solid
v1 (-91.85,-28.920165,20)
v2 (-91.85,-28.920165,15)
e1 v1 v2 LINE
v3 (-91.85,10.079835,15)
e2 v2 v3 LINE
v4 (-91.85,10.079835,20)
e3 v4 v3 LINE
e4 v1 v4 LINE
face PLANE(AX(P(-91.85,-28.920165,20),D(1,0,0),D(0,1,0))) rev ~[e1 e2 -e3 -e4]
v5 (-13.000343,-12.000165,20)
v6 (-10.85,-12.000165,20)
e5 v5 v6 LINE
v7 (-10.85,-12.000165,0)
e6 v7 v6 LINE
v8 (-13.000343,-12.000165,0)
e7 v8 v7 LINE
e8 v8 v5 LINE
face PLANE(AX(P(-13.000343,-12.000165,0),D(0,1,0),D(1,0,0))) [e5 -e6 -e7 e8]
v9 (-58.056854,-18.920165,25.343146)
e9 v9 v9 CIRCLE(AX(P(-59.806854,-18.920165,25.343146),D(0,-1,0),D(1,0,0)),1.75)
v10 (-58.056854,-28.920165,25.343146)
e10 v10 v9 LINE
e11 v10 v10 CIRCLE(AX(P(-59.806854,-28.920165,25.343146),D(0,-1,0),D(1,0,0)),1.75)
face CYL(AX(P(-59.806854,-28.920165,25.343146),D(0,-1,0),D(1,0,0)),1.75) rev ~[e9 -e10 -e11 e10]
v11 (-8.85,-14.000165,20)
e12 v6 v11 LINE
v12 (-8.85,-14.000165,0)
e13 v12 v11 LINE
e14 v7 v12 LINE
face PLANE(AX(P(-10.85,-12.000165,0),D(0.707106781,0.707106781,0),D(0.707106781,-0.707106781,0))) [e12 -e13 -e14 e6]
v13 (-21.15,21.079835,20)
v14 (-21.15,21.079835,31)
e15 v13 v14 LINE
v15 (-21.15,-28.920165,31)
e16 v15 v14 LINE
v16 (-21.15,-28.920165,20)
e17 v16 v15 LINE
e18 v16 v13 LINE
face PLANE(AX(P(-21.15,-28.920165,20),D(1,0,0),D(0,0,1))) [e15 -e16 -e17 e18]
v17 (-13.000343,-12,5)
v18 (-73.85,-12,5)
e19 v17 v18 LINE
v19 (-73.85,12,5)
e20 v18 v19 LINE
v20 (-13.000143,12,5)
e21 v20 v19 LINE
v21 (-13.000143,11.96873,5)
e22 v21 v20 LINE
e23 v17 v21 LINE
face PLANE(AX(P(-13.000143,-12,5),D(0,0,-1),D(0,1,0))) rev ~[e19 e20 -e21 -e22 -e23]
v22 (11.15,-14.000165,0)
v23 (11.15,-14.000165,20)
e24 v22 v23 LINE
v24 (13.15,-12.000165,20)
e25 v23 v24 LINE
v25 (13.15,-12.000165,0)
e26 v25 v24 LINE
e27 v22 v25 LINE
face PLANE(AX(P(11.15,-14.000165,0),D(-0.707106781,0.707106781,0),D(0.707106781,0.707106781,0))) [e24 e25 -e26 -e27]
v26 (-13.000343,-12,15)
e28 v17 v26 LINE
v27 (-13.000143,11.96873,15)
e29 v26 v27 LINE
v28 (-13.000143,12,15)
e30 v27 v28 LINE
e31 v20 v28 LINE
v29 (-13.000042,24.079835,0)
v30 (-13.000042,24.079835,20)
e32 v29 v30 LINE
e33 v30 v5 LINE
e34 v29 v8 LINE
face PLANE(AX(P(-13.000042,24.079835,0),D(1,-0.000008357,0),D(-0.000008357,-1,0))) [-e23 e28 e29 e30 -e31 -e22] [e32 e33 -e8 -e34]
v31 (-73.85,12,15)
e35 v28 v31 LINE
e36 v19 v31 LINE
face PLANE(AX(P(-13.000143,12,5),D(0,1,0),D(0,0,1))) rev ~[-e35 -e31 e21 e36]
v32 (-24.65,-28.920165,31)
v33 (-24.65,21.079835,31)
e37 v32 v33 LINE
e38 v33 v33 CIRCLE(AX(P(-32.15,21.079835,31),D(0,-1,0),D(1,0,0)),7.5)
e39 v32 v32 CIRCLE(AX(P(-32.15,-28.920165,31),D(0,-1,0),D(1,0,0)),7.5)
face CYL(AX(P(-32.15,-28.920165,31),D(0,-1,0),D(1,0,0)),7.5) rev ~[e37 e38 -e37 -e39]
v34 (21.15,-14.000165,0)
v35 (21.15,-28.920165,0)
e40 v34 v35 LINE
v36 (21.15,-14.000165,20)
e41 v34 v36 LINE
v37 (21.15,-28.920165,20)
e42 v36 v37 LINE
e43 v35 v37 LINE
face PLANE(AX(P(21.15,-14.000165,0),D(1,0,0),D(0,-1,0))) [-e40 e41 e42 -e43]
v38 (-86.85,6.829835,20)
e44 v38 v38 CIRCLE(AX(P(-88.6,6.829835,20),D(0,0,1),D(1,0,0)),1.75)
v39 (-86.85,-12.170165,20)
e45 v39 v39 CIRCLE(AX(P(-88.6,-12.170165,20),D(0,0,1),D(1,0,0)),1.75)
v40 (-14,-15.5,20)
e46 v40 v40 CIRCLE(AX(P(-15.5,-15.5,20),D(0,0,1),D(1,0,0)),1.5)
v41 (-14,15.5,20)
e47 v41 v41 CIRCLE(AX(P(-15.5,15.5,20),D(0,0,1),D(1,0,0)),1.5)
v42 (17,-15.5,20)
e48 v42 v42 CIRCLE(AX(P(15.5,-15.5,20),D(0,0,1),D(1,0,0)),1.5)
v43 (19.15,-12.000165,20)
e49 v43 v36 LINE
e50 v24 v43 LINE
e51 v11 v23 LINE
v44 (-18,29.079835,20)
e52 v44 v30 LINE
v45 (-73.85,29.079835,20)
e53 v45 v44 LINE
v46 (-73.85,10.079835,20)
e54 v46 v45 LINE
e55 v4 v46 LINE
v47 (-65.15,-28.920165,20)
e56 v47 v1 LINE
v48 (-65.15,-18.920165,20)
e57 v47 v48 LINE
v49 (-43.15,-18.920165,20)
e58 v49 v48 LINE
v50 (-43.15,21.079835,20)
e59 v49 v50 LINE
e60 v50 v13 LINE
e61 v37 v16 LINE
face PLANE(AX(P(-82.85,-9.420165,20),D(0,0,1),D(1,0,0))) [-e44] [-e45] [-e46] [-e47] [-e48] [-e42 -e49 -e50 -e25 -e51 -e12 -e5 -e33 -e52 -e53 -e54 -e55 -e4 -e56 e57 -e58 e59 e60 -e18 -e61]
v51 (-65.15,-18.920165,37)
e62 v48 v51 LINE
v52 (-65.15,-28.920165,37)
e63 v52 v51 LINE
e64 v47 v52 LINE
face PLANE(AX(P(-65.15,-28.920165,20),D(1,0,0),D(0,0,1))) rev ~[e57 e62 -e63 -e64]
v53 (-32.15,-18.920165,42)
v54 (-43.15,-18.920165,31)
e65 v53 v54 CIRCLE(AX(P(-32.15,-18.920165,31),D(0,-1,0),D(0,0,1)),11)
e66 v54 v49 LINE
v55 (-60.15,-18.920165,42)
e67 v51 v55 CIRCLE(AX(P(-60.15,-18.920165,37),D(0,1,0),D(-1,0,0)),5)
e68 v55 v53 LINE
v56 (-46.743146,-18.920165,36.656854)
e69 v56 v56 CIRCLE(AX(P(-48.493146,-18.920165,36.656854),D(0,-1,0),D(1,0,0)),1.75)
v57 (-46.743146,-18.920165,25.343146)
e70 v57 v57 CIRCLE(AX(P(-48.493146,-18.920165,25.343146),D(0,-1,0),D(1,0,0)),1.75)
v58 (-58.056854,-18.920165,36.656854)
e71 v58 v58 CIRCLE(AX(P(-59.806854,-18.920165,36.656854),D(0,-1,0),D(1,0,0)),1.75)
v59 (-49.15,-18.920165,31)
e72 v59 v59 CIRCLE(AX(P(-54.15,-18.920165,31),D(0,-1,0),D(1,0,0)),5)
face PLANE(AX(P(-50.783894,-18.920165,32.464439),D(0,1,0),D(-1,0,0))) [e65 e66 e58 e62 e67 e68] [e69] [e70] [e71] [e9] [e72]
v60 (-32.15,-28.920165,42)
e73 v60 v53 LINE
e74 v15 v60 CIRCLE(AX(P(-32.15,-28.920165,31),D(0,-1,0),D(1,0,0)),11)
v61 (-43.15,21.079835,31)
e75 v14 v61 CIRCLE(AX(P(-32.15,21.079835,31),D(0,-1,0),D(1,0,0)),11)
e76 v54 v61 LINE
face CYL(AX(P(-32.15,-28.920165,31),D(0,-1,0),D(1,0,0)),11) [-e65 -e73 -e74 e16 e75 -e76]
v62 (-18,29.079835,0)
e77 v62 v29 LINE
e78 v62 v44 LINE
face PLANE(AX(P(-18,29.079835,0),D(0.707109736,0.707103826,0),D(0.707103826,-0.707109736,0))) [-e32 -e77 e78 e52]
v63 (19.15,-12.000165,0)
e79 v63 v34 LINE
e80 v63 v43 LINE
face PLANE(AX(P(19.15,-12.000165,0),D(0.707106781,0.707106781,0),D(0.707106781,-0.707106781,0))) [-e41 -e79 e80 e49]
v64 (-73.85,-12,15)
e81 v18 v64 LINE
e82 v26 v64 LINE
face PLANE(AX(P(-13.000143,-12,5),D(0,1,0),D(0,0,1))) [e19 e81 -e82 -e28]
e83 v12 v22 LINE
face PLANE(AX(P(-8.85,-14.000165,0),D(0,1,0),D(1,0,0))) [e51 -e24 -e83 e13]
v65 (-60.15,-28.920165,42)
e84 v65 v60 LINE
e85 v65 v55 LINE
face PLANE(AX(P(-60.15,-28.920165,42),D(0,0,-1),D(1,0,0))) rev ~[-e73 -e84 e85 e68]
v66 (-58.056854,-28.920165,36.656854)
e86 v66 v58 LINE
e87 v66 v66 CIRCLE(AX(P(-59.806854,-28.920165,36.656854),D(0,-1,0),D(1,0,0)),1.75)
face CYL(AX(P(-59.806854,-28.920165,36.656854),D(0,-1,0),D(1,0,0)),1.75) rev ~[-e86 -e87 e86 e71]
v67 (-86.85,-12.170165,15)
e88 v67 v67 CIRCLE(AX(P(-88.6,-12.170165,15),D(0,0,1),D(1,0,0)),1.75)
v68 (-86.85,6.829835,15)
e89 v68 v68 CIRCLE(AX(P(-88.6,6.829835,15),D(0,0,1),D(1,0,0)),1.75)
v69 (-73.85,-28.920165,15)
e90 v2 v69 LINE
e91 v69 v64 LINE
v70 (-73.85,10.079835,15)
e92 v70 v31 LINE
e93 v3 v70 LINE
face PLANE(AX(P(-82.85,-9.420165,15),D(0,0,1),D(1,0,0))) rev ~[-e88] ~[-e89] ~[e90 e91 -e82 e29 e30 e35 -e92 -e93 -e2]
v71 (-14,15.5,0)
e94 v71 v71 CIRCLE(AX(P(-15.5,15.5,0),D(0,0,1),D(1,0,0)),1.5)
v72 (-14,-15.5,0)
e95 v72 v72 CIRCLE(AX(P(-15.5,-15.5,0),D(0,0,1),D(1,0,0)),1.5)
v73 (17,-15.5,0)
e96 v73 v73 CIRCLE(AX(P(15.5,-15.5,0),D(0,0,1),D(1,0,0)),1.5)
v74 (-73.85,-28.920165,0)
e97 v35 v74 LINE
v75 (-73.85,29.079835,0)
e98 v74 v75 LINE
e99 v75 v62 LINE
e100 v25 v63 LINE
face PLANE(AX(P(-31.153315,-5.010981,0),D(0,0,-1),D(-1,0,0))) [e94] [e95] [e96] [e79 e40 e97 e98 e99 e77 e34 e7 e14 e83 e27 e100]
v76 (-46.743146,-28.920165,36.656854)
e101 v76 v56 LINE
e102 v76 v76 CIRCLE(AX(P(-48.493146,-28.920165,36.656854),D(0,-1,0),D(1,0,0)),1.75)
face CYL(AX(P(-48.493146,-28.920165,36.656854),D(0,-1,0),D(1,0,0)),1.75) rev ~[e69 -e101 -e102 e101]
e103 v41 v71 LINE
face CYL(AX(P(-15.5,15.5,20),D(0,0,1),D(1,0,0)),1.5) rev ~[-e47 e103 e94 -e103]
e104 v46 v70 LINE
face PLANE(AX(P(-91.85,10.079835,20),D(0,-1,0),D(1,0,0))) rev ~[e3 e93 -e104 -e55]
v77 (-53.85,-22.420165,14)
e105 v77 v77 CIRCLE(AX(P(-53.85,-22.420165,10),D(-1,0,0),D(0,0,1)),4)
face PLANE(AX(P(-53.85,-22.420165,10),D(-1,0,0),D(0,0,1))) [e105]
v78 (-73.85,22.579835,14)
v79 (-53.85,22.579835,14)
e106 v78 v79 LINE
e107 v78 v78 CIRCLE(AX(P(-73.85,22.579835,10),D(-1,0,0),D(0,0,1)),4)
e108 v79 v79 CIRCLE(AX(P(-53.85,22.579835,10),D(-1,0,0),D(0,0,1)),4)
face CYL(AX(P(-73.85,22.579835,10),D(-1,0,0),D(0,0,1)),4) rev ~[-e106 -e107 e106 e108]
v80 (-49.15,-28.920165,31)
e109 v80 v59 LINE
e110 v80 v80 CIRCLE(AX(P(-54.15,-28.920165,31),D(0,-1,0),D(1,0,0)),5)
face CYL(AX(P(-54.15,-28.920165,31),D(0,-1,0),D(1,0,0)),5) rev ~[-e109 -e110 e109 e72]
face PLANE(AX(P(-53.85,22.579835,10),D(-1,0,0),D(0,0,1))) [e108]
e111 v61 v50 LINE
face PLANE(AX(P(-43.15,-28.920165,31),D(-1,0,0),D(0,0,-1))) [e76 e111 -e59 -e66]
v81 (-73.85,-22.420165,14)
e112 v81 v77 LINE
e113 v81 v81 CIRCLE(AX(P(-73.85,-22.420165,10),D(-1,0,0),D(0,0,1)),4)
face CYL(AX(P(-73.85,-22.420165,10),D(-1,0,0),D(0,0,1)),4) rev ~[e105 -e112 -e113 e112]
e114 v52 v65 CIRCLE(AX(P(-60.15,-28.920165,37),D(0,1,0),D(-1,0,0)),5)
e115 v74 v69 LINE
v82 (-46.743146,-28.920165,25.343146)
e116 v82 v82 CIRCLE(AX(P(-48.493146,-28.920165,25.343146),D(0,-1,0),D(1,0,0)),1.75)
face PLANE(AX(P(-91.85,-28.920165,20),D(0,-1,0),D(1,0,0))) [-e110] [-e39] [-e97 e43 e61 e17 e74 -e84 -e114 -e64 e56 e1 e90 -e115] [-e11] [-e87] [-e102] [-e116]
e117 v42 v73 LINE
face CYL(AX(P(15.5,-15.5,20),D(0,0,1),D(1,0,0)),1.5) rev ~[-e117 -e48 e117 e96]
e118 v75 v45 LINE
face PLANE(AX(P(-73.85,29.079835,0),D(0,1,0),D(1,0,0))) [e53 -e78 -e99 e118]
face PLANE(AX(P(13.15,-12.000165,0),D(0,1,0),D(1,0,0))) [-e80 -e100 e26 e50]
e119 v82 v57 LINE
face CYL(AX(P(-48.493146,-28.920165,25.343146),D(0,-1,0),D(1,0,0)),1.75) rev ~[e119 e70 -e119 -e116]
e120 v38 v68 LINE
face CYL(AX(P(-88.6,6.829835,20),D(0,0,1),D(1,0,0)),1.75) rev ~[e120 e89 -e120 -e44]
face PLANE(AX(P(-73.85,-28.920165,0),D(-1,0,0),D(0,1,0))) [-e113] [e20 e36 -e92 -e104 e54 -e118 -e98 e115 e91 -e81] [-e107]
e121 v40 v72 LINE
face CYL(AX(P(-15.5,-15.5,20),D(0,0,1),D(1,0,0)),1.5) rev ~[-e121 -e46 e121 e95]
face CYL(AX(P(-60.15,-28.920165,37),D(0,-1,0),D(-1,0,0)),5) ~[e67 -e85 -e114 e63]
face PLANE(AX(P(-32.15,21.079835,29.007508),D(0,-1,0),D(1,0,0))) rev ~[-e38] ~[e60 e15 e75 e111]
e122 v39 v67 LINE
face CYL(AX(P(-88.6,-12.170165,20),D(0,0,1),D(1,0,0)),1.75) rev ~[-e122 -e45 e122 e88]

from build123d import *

# Parameters (mm, degrees)
EXTRUDE_1_DEPTH     = 20
SKETCH_2_R          = 1.5
CUT_EXTRUDE_1_DEPTH = 20
SKETCH_3_R          = 7.5
EXTRUDE_2_DEPTH     = 50
EXTRUDE_3_DEPTH     = 10
SKETCH_7_W          = 18
SKETCH_7_H          = 39
EXTRUDE_4_DEPTH     = 5
SKETCH_9_R          = 5
SKETCH_9_R_2        = 1.75
CUT_EXTRUDE_2_DEPTH = 15
SKETCH_12_R         = 4
CUT_EXTRUDE_3_DEPTH = 20
CUT_EXTRUDE_START   = -60.849857
SKETCH_13_W         = 10
SKETCH_13_H         = 24
CUT_EXTRUDE_4_DEPTH = 60.849857
SKETCH_14_R         = 1.75
CUT_EXTRUDE_5_DEPTH = 10


with BuildPart() as part:
    # 草图1 → 凸台-拉伸1 (new body)
    with BuildSketch(Plane.XY):
        Polygon((-18, 29.079835166), (-13.000041786, 24.079835166), (-13.000343311, -12.000164834), (-10.85, -12.000164834), (-8.85, -14.000164834), (11.15, -14.000164834), (13.15, -12.000164834), (19.15, -12.000164834), (21.15, -14.000164834), (21.15, -28.920164834), (-73.85, -28.920164834), (-73.85, 29.079835166), align=None)
    extrude(amount=EXTRUDE_1_DEPTH)

    # 草图2 → 切除-拉伸1 (cut)
    with BuildSketch(Plane.XY.offset(20)):
        with Locations((-15.5, 15.5)):
            Circle(SKETCH_2_R)
        with Locations((-15.5, -15.5)):
            Circle(SKETCH_2_R)
        with Locations((15.5, -15.5)):
            Circle(SKETCH_2_R)
    extrude(amount=-CUT_EXTRUDE_1_DEPTH, mode=Mode.SUBTRACT)

    # 草图3 → 凸台-拉伸2 (add)
    with BuildSketch(Plane.XZ.offset(28.920164834)):
        with BuildLine():
            Line((-43.15, 31), (-43.15, 20))
            Line((-43.15, 20), (-21.15, 20))
            Line((-21.15, 20), (-21.15, 31))
            ThreePointArc((-21.15, 31), (-32.15, 42), (-43.15, 31))
        make_face()
        with Locations((-32.15, 31)):
            Circle(SKETCH_3_R, mode=Mode.SUBTRACT)
    extrude(amount=-EXTRUDE_2_DEPTH)

    # 草图5 → 凸台-拉伸3 (add)
    with BuildSketch(Plane.XZ.offset(28.920164834)):
        with BuildLine():
            Line((-43.15, 42), (-32.15, 42))
            ThreePointArc((-32.15, 42), (-39.928174593, 38.778174593), (-43.15, 31))
            Line((-43.15, 31), (-43.15, 20))
            Line((-43.15, 20), (-65.15, 20))
            Line((-65.15, 20), (-65.15, 37))
            ThreePointArc((-65.15, 37), (-63.685533906, 40.535533906), (-60.15, 42))
            Line((-60.15, 42), (-43.15, 42))
        make_face()
    extrude(amount=-EXTRUDE_3_DEPTH)

    # 草图7 → 凸台-拉伸4 (add)
    with BuildSketch(Plane.XY.offset(20)):
        with Locations((-82.85, -9.420164834)):
            Rectangle(SKETCH_7_W, SKETCH_7_H)
    extrude(amount=-EXTRUDE_4_DEPTH)

    # 草图9 → 切除-拉伸2 (cut)
    with BuildSketch(Plane.XZ.offset(28.920164834)):
        with Locations((-54.15, 31)):
            Circle(SKETCH_9_R)
        with Locations((-59.806854249, 36.656854249)):
            Circle(SKETCH_9_R_2)
        with Locations((-48.493145751, 36.656854249)):
            Circle(SKETCH_9_R_2)
        with Locations((-48.493145751, 25.343145751)):
            Circle(SKETCH_9_R_2)
        with Locations((-59.806854249, 25.343145751)):
            Circle(SKETCH_9_R_2)
    extrude(amount=-CUT_EXTRUDE_2_DEPTH, mode=Mode.SUBTRACT)

    # 草图12 → 切除-拉伸3 (cut)
    with BuildSketch(Plane.ZY.offset(73.85)):
        with Locations((10, 22.579835166)):
            Circle(SKETCH_12_R)
        with Locations((10, -22.420164834)):
            Circle(SKETCH_12_R)
    extrude(amount=-CUT_EXTRUDE_3_DEPTH, mode=Mode.SUBTRACT)

    # 草图13 → 切除-拉伸4 (cut)
    with BuildSketch(Plane.ZY.offset(73.85).offset(CUT_EXTRUDE_START)):
        with Locations((10, 0)):
            Rectangle(SKETCH_13_W, SKETCH_13_H)
    extrude(amount=CUT_EXTRUDE_4_DEPTH, mode=Mode.SUBTRACT)

    # 草图14 → 切除-拉伸5 (cut)
    with BuildSketch(Plane.XY.offset(20)):
        with Locations((-88.6, -12.170164834)):
            Circle(SKETCH_14_R)
        with Locations((-88.6, 6.829835166)):
            Circle(SKETCH_14_R)
    extrude(amount=-CUT_EXTRUDE_5_DEPTH, mode=Mode.SUBTRACT)


solid = part.part
